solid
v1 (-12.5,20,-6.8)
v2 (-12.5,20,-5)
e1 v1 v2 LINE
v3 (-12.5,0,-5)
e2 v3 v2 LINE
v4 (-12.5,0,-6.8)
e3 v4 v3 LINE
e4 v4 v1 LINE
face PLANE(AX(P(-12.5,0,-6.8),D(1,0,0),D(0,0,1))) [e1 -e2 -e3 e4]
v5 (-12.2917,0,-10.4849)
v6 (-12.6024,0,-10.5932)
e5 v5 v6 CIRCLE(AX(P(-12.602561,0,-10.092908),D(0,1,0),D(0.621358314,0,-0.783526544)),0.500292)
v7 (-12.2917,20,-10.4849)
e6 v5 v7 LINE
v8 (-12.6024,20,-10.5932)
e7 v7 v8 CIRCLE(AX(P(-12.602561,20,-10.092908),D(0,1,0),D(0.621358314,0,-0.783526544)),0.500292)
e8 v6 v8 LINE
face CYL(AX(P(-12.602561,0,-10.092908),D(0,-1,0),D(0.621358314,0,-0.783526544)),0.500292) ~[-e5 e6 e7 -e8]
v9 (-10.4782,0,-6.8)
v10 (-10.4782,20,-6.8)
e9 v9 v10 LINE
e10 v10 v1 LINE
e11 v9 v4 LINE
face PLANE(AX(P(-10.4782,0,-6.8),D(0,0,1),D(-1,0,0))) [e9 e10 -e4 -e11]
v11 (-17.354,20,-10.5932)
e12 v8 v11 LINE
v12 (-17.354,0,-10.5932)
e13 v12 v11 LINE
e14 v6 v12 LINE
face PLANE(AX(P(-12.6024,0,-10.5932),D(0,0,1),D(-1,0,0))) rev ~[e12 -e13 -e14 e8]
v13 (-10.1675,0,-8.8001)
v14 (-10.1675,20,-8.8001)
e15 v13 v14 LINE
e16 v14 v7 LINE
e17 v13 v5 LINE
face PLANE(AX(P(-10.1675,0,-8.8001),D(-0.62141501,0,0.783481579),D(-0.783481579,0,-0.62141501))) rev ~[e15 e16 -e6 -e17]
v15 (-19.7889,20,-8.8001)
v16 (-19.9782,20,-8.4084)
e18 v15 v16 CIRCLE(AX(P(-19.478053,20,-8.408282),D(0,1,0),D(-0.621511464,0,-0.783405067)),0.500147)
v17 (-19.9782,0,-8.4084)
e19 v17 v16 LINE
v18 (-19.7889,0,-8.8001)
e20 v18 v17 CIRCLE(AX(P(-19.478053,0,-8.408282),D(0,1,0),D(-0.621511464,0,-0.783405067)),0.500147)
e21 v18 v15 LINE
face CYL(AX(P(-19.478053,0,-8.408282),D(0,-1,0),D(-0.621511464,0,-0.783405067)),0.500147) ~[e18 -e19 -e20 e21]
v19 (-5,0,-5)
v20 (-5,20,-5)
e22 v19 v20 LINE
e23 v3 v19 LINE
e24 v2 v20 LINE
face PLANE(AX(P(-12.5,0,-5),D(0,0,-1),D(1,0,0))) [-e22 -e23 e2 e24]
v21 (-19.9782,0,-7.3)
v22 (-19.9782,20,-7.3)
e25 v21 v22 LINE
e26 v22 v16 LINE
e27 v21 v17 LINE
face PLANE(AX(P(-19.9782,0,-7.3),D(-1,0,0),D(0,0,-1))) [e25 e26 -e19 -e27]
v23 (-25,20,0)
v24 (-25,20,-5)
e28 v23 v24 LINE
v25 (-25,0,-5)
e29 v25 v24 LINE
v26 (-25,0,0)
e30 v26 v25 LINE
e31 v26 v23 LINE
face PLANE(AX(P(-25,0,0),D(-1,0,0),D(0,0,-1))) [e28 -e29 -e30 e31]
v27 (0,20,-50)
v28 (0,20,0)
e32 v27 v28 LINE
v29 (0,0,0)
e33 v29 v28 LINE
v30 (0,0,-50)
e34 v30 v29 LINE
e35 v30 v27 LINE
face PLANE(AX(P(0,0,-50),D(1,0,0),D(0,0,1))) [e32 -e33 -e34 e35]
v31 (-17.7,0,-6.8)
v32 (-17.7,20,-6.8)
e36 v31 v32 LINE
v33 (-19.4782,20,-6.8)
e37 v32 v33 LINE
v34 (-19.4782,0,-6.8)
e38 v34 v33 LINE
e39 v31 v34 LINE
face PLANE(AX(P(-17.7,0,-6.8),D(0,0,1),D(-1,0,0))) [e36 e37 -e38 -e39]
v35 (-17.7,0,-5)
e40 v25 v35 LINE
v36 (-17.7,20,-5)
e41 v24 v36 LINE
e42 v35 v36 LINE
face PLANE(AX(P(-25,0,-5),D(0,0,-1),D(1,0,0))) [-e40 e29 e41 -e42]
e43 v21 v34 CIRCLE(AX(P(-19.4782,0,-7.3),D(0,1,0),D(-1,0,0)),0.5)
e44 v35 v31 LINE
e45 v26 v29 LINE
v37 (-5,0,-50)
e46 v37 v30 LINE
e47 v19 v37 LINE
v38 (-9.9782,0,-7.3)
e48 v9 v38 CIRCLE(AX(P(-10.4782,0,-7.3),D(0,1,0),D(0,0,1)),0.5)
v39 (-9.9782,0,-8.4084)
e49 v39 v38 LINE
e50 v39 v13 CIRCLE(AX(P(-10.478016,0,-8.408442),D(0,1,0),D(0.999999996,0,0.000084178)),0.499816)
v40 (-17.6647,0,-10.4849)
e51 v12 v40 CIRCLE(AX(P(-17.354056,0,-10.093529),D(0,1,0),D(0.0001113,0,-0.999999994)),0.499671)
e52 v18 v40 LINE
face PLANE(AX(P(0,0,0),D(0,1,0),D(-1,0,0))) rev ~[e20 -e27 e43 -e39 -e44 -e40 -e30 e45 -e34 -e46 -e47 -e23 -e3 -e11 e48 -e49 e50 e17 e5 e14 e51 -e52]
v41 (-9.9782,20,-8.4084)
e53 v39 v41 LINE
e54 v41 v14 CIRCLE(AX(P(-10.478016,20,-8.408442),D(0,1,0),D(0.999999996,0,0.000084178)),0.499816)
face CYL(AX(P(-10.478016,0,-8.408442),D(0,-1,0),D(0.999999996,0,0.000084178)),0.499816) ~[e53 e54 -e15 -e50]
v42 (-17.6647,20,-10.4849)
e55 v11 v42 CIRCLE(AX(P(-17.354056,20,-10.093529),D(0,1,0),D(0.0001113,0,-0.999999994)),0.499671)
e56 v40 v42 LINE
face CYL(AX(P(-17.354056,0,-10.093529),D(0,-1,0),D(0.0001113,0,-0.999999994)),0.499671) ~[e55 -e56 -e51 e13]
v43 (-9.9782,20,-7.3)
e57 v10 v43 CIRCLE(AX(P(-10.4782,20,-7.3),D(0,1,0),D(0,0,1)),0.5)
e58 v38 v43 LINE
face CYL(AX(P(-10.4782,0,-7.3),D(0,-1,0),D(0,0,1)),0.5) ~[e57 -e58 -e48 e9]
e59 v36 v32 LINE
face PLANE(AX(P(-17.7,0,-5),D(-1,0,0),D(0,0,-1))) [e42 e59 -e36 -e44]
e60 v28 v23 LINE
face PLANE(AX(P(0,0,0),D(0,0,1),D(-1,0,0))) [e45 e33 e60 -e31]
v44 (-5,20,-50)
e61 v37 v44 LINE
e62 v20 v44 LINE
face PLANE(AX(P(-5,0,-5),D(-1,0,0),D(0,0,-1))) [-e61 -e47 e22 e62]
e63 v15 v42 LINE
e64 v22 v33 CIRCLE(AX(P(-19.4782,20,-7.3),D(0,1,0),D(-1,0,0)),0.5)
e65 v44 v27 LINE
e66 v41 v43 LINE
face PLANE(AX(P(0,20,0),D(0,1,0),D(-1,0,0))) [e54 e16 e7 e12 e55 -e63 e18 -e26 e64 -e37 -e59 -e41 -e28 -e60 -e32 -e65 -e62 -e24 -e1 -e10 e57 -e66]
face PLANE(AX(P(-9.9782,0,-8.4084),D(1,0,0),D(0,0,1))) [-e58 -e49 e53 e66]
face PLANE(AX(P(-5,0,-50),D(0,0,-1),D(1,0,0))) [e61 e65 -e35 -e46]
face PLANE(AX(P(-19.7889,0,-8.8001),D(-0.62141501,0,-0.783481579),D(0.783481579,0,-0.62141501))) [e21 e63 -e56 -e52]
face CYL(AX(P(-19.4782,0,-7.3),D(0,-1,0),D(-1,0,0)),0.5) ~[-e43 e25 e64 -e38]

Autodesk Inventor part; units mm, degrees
ref_plane "YZ Plane" through (0, 0, 0) normal (1, 0, 0) x (0, 1, 0)
ref_plane "XZ Plane" through (0, 0, 0) normal (0, 1, 0) x (-1, 0, 0)
ref_plane "XY Plane" through (0, 0, 0) normal (0, 0, 1) x (1, 0, 0)
sketch "Sketch1" plane through (0, 0, 0) normal (0, 1, 0) x (-1, 0, 0)
  line L0 (0, 0) -> (5, 0)
  line L1 (5, -5) -> (5, -50)
  line L2 (5, -50) -> (0, -50)
  line L3 (0, -50) -> (0, 0)
  line L4 (0, 0) -> (25, 0)
  line L5 (25, 0) -> (25, -5)
  line L6 (25, -5) -> (5, -5)
  line L7 (12.5, -5) -> (17.7, -5)
  line L8 (17.7, -5) -> (17.7, -6.8)
  line L9 (17.7, -6.8) -> (12.5, -6.8) construction
  line L10 (12.5, -6.8) -> (12.5, -5)
  line L11 (19.9782, -7.3) -> (19.9782, -8.4084)
  line L12 (19.9782, -8.65) -> (9.9782, -8.65) construction
  line L13 (9.9782, -8.4084) -> (9.9782, -7.3)
  line L14 (17.5282, -8.65) -> (12.4282, -8.65)
  line L15 (12.4282, -8.65) -> (12.4282, -10.5932) construction
  line L16 (12.6024, -10.5932) -> (17.354, -10.5932)
  line L17 (17.5282, -10.5932) -> (17.5282, -8.65) construction
  line L18 (10.1675, -8.8001) -> (12.2917, -10.4849)
  line L19 (19.7889, -8.8001) -> (17.6647, -10.4849)
  line L20 (0, 0) -> (21.2132, -21.2132) construction
  line L21 (0, 0) -> (30, 0) construction
  line L22 (17.6687, -6.6255) -> (12.5, -5) construction
  line L23 (17.7, -5) -> (12.2564, -6.5507) construction
  line L24 (19.9782, -6.8) -> (9.9782, -8.65) construction
  line L25 (19.9782, -8.65) -> (9.9782, -6.8) construction
  line L26 (14.9782, -5.7754) -> (14.9782, -19.5518) construction
  line L27 (17.5282, -8.65) -> (12.4282, -10.5932) construction
  line L28 (12.4282, -8.65) -> (17.5282, -10.5932) construction
  arc A0 (10.4782, -6.8) -> (9.9782, -7.3) centre (10.4782, -7.3) ccw
  arc A1 (9.9782, -8.4084) -> (10.1675, -8.8001) centre (10.4782, -8.4084) ccw
  arc A2 (12.2917, -10.4849) -> (12.6024, -10.5932) centre (12.6024, -10.0932) ccw
  arc A3 (17.354, -10.5932) -> (17.6647, -10.4849) centre (17.354, -10.0932) ccw
  arc A4 (19.7889, -8.8001) -> (19.9782, -8.4084) centre (19.4782, -8.4084) ccw
  arc A5 (19.9782, -7.3) -> (19.4782, -6.8) centre (19.4782, -7.3) ccw
  line L29 (10.4782, -6.8) -> (12.5001, -6.8)
  line L30 (12.5, -6.8) -> (17.7, -6.8) construction
  line L31 (17.7, -6.8) -> (19.4782, -6.8)
  point P0 (17.7, -5)
  point P1 (12.4282, -8.65)
  point P2 (25.5, -11.3)
  point P3 (14.9782, -7.725)
  point P4 (14.9782, -9.6216)
  point P5 (10.0405, -8.65)
  point P6 (19.916, -8.65)
  dimension "d0" = 5
  dimension "d1" = 50
  dimension "d3" = 5
  dimension "d6" = 10
  dimension "d10" = 5.1
  dimension "d11" = 1.9432
  dimension "d13" = 25
  dimension "d14" = 30
  dimension "d15" = 45
  dimension "d18" = 7.5
  dimension "d20" = 0.5
  dimension "d24" = 1.8
  dimension "d25" = 1.85
  dimension "d26" = 5.2
extrude "Extrusion1" add sketch "Sketch1" along normal blind 20
equation "\"d0\" = grosor"
equation "\"d3\" = grosor"
equation "\"d6\" = guia_ancho"
equation "\"d10\" = guia_ancho_menor"
equation "\"d11\" = guia_ancho_menor_espesor"
equation "\"d18\" = guia_sep_borde"
equation "\"d24\" = guia_sep_de_ext"
equation "\"d25\" = guia_ancho_espesor"
equation "\"d26\" = guia_cuello"
equation "\"grosor\" = 5"
equation "\"guia_tol\" = 0.5"
equation "\"guia_ancho\" = 10"
equation "\"guia_ancho_menor\" = 5.1"
equation "\"guia_ancho_menor_espesor\" = 1.943174"
equation "\"guia_sep_borde\" = 7.5"
equation "\"guia_sep_de_ext\" = 1.8"
equation "\"guia_ancho_espesor\" = 1.85"
equation "\"guia_cuello\" = 5.2"
properties part number "Guia_Perfil_test"
